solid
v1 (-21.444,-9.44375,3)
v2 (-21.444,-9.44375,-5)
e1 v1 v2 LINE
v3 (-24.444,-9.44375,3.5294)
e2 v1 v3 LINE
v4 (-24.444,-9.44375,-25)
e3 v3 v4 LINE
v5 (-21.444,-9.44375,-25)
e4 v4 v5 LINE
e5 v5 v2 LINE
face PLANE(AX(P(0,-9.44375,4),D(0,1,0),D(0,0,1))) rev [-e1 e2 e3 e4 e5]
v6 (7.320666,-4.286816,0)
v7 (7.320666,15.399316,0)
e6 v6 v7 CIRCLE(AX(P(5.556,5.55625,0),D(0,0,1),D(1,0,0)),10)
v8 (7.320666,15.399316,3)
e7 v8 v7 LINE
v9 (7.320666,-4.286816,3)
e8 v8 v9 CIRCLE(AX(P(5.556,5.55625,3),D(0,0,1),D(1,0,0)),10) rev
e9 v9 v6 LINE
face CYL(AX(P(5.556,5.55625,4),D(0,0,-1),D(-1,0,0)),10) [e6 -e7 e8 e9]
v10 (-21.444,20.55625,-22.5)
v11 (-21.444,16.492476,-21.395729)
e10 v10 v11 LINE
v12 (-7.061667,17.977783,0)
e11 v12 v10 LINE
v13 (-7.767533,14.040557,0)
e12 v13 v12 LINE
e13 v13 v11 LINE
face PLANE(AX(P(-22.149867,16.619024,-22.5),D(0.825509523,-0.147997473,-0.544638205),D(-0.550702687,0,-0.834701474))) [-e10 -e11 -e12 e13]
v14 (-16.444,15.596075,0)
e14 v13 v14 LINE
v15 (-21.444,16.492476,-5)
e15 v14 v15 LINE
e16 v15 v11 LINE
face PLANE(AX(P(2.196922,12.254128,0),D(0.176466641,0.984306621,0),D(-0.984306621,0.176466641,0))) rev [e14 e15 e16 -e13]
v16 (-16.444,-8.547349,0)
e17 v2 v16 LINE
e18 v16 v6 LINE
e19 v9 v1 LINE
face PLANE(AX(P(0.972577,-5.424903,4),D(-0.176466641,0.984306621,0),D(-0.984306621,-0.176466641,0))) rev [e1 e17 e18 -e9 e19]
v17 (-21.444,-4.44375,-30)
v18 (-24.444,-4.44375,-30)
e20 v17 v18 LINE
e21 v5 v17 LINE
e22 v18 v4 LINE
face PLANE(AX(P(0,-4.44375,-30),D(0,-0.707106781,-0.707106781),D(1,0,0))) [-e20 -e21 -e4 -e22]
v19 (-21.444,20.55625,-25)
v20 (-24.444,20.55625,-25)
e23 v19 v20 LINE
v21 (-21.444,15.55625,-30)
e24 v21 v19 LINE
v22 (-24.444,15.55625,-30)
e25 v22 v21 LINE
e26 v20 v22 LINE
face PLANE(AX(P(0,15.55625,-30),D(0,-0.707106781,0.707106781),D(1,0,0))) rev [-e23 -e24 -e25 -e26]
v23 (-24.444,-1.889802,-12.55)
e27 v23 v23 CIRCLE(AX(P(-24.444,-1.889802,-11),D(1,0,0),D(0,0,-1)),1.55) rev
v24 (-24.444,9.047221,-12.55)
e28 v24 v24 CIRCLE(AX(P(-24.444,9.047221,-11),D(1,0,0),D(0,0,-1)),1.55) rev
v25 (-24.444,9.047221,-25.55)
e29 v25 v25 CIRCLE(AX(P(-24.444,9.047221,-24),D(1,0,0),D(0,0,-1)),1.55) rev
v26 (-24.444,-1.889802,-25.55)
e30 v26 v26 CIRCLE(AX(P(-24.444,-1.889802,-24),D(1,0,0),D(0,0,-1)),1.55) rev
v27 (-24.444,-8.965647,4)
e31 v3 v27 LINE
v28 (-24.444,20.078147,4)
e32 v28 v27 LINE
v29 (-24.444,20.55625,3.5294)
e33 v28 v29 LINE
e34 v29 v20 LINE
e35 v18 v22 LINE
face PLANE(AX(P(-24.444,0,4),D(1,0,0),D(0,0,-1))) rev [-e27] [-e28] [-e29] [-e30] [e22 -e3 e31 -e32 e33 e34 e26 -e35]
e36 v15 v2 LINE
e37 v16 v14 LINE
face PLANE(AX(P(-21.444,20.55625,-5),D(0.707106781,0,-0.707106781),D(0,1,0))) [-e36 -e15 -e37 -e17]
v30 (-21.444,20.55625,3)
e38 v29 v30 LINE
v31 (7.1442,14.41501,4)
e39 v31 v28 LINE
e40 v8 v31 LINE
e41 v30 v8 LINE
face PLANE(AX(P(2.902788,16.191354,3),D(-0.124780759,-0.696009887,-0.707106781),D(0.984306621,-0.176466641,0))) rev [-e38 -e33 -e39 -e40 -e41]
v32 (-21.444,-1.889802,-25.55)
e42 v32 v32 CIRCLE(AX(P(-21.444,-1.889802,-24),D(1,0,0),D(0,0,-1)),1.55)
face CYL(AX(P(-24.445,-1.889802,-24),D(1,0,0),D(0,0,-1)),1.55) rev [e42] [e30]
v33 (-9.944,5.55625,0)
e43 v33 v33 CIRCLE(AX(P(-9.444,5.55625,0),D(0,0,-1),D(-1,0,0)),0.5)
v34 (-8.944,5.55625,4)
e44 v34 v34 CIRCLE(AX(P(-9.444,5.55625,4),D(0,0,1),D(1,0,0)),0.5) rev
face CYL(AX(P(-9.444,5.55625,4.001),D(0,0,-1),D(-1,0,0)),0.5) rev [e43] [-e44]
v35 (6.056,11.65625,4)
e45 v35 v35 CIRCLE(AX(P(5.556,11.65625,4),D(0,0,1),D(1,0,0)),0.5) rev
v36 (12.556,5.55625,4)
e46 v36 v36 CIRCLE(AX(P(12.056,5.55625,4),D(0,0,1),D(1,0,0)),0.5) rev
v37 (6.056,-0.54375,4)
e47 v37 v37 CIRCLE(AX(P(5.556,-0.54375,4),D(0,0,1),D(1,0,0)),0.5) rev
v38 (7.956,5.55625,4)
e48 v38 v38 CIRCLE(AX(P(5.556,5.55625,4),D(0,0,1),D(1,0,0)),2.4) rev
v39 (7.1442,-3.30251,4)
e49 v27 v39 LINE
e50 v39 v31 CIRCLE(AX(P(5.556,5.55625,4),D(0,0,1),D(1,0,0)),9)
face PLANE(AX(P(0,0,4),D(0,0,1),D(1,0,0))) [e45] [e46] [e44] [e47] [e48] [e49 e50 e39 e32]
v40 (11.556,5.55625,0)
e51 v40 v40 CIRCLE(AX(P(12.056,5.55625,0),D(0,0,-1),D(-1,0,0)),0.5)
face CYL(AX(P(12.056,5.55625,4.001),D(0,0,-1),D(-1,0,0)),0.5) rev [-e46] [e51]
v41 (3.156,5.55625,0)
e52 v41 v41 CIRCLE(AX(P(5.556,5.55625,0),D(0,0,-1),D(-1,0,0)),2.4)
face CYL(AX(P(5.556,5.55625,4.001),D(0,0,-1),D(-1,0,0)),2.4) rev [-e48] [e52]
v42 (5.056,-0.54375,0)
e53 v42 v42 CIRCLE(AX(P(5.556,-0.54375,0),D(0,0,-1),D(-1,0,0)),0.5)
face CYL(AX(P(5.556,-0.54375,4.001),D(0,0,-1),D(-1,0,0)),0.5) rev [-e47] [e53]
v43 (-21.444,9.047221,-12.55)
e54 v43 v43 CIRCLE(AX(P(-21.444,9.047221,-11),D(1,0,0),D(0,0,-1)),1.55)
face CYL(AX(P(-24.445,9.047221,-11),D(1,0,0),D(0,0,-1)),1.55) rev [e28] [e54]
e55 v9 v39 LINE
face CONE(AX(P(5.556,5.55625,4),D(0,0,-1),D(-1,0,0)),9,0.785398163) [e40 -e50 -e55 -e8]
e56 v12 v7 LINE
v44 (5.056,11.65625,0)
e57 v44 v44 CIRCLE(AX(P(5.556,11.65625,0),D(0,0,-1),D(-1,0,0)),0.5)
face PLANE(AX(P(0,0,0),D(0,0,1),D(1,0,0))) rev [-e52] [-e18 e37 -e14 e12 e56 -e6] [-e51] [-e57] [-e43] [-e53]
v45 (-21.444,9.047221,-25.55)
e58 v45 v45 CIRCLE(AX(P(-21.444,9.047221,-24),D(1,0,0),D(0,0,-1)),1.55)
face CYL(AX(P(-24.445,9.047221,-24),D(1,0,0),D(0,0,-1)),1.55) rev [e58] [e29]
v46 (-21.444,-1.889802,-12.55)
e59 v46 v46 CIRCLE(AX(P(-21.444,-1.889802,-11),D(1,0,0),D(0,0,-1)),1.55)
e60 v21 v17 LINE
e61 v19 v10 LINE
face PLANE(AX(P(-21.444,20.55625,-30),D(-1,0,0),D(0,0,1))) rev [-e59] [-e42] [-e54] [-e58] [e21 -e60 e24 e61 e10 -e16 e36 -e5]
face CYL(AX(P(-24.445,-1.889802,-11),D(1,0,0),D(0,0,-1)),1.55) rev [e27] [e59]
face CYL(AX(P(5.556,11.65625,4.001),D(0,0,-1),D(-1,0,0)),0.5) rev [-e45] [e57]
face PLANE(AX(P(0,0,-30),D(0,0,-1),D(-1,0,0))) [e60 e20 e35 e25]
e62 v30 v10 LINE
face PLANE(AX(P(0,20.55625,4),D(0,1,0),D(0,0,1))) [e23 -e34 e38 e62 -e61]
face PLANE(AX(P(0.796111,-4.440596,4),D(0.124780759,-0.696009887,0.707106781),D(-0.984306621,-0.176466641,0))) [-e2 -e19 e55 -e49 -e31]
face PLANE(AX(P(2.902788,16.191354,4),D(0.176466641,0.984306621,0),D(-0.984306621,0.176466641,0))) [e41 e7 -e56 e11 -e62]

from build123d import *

# Parameters (mm, degrees)
BOSS_EXTRUDE1_DEPTH = 4
SKETCH3_W           = 3
SKETCH3_H           = 30
BOSS_EXTRUDE2_DEPTH = 30
BOSS_EXTRUDE3_DEPTH = 4
CHAMFER1_SIZE       = 5
CHAMFER2_SIZE       = 5
CHAMFER3_SIZE       = 1
CUT_EXTRUDE3_REACH  = 53.88
SKETCH6_R           = 1.55
CUT_EXTRUDE4_REACH  = 45.819
SKETCH7_R           = 2.4
CUT_EXTRUDE5_REACH  = 45.819
SKETCH8_R           = 0.5


with BuildPart() as part:
    # Sketch1 → Boss-Extrude1 (new body)
    with BuildSketch(Plane.XY):
        with BuildLine():
            Line((-21.444, -9.44375), (7.320666414, -4.286816212))
            ThreePointArc((7.320666414, -4.286816212), (15.556, 5.55625), (7.320666414, 15.399316212))
            Line((7.320666414, 15.399316212), (-21.444, 20.55625))
            Line((-21.444, 20.55625), (-24.444, 20.55625))
            Line((-24.444, 20.55625), (-24.444, -9.44375))
            Line((-24.444, -9.44375), (-21.444, -9.44375))
        make_face()
    extrude(amount=BOSS_EXTRUDE1_DEPTH)

    # Sketch3 → Boss-Extrude2 (add)
    with BuildSketch(Plane(origin=(0, 0, 0), x_dir=(-1, 0, 0), z_dir=(0, 0, -1))):
        with Locations((22.944, 5.55625)):
            Rectangle(SKETCH3_W, SKETCH3_H)
    extrude(amount=BOSS_EXTRUDE2_DEPTH)

    # Sketch4 → Boss-Extrude3 (add)
    with BuildSketch(Plane(origin=(2.902788428, 16.191354052, 0), x_dir=(0.9843066211686926, -0.17646664139001428, 0), z_dir=(0.17646664139001428, 0.9843066211686926, 0))):
        Polygon((-24.734963581, 22.5), (-10.123324385, 0), (-10.123324385, -0.5), (-24.734963581, -0.5), align=None)
    extrude(amount=-BOSS_EXTRUDE3_DEPTH)

    # Chamfer1
    chamfer1_edges = [part.edges().sort_by_distance(p)[0] for p in [
        (-21.444, 3.524362825, 0),
    ]]
    chamfer(chamfer1_edges, length=CHAMFER1_SIZE)

    # Chamfer2
    chamfer2_edges = [part.edges().sort_by_distance(p)[0] for p in [
        (-22.944, -9.44375, -30),
        (-22.944, 20.55625, -30),
    ]]
    chamfer(chamfer2_edges, length=CHAMFER2_SIZE)

    # Chamfer3
    chamfer3_edges = [part.edges().sort_by_distance(p)[0] for p in [
        (-7.061666793, -6.865283106, 4),
        (15.556, 5.55625, 4),
        (-7.061666793, 17.977783106, 4),
    ]]
    chamfer(chamfer3_edges, length=CHAMFER3_SIZE)

    # Sketch6 → Cut-Extrude3 (cut, up to next)
    with BuildSketch(Plane(origin=(-21.444, 0, 0), x_dir=(0, 0, -1), z_dir=(1, 0, 0)), mode=Mode.PRIVATE) as cut_extrude3_sk1:
        with Locations((11, 9.04722098)):
            Circle(SKETCH6_R)
    cut_extrude3_tool1 = extrude(cut_extrude3_sk1.sketch, amount=-CUT_EXTRUDE3_REACH, mode=Mode.PRIVATE) & part.part
    # Sketch6 → Cut-Extrude3 (cut, up to next)
    with BuildSketch(Plane(origin=(-21.444, 0, 0), x_dir=(0, 0, -1), z_dir=(1, 0, 0)), mode=Mode.PRIVATE) as cut_extrude3_sk2:
        with Locations((24, 9.04722098)):
            Circle(SKETCH6_R)
    cut_extrude3_tool2 = extrude(cut_extrude3_sk2.sketch, amount=-CUT_EXTRUDE3_REACH, mode=Mode.PRIVATE) & part.part
    # Sketch6 → Cut-Extrude3 (cut, up to next)
    with BuildSketch(Plane(origin=(-21.444, 0, 0), x_dir=(0, 0, -1), z_dir=(1, 0, 0)), mode=Mode.PRIVATE) as cut_extrude3_sk3:
        with Locations((11, -1.889802378)):
            Circle(SKETCH6_R)
    cut_extrude3_tool3 = extrude(cut_extrude3_sk3.sketch, amount=-CUT_EXTRUDE3_REACH, mode=Mode.PRIVATE) & part.part
    # Sketch6 → Cut-Extrude3 (cut, up to next)
    with BuildSketch(Plane(origin=(-21.444, 0, 0), x_dir=(0, 0, -1), z_dir=(1, 0, 0)), mode=Mode.PRIVATE) as cut_extrude3_sk4:
        with Locations((24, -1.889802378)):
            Circle(SKETCH6_R)
    cut_extrude3_tool4 = extrude(cut_extrude3_sk4.sketch, amount=-CUT_EXTRUDE3_REACH, mode=Mode.PRIVATE) & part.part
    add(cut_extrude3_tool1.solids().sort_by_distance((-21.444, 9.047221, -11))[0], mode=Mode.SUBTRACT)
    add(cut_extrude3_tool2.solids().sort_by_distance((-21.444, 9.047221, -24))[0], mode=Mode.SUBTRACT)
    add(cut_extrude3_tool3.solids().sort_by_distance((-21.444, -1.889802, -11))[0], mode=Mode.SUBTRACT)
    add(cut_extrude3_tool4.solids().sort_by_distance((-21.444, -1.889802, -24))[0], mode=Mode.SUBTRACT)

    # Sketch7 → Cut-Extrude4 (cut, up to next)
    with BuildSketch(Plane(origin=(0, 0, 0), x_dir=(-1, 0, 0), z_dir=(0, 0, -1)), mode=Mode.PRIVATE) as cut_extrude4_sk1:
        with Locations((-5.556, 5.55625)):
            Circle(SKETCH7_R)
    cut_extrude4_tool1 = extrude(cut_extrude4_sk1.sketch, amount=-CUT_EXTRUDE4_REACH, mode=Mode.PRIVATE) & part.part
    add(cut_extrude4_tool1.solids().sort_by_distance((5.556, 5.55625, 0))[0], mode=Mode.SUBTRACT)

    # Sketch8 → Cut-Extrude5 (cut, up to next)
    with BuildSketch(Plane(origin=(0, 0, 0), x_dir=(-1, 0, 0), z_dir=(0, 0, -1)), mode=Mode.PRIVATE) as cut_extrude5_sk1:
        with Locations((9.444, 5.55625)):
            Circle(SKETCH8_R)
    cut_extrude5_tool1 = extrude(cut_extrude5_sk1.sketch, amount=-CUT_EXTRUDE5_REACH, mode=Mode.PRIVATE) & part.part
    # Sketch8 → Cut-Extrude5 (cut, up to next)
    with BuildSketch(Plane(origin=(0, 0, 0), x_dir=(-1, 0, 0), z_dir=(0, 0, -1)), mode=Mode.PRIVATE) as cut_extrude5_sk2:
        with Locations((-5.556, 11.65625)):
            Circle(SKETCH8_R)
    cut_extrude5_tool2 = extrude(cut_extrude5_sk2.sketch, amount=-CUT_EXTRUDE5_REACH, mode=Mode.PRIVATE) & part.part
    # Sketch8 → Cut-Extrude5 (cut, up to next)
    with BuildSketch(Plane(origin=(0, 0, 0), x_dir=(-1, 0, 0), z_dir=(0, 0, -1)), mode=Mode.PRIVATE) as cut_extrude5_sk3:
        with Locations((-5.556, -0.54375)):
            Circle(SKETCH8_R)
    cut_extrude5_tool3 = extrude(cut_extrude5_sk3.sketch, amount=-CUT_EXTRUDE5_REACH, mode=Mode.PRIVATE) & part.part
    # Sketch8 → Cut-Extrude5 (cut, up to next)
    with BuildSketch(Plane(origin=(0, 0, 0), x_dir=(-1, 0, 0), z_dir=(0, 0, -1)), mode=Mode.PRIVATE) as cut_extrude5_sk4:
        with Locations((-12.056, 5.55625)):
            Circle(SKETCH8_R)
    cut_extrude5_tool4 = extrude(cut_extrude5_sk4.sketch, amount=-CUT_EXTRUDE5_REACH, mode=Mode.PRIVATE) & part.part
    add(cut_extrude5_tool1.solids().sort_by_distance((-9.444, 5.55625, 0))[0], mode=Mode.SUBTRACT)
    add(cut_extrude5_tool2.solids().sort_by_distance((5.556, 11.65625, 0))[0], mode=Mode.SUBTRACT)
    add(cut_extrude5_tool3.solids().sort_by_distance((5.556, -0.54375, 0))[0], mode=Mode.SUBTRACT)
    add(cut_extrude5_tool4.solids().sort_by_distance((12.056, 5.55625, 0))[0], mode=Mode.SUBTRACT)


solid = part.part
